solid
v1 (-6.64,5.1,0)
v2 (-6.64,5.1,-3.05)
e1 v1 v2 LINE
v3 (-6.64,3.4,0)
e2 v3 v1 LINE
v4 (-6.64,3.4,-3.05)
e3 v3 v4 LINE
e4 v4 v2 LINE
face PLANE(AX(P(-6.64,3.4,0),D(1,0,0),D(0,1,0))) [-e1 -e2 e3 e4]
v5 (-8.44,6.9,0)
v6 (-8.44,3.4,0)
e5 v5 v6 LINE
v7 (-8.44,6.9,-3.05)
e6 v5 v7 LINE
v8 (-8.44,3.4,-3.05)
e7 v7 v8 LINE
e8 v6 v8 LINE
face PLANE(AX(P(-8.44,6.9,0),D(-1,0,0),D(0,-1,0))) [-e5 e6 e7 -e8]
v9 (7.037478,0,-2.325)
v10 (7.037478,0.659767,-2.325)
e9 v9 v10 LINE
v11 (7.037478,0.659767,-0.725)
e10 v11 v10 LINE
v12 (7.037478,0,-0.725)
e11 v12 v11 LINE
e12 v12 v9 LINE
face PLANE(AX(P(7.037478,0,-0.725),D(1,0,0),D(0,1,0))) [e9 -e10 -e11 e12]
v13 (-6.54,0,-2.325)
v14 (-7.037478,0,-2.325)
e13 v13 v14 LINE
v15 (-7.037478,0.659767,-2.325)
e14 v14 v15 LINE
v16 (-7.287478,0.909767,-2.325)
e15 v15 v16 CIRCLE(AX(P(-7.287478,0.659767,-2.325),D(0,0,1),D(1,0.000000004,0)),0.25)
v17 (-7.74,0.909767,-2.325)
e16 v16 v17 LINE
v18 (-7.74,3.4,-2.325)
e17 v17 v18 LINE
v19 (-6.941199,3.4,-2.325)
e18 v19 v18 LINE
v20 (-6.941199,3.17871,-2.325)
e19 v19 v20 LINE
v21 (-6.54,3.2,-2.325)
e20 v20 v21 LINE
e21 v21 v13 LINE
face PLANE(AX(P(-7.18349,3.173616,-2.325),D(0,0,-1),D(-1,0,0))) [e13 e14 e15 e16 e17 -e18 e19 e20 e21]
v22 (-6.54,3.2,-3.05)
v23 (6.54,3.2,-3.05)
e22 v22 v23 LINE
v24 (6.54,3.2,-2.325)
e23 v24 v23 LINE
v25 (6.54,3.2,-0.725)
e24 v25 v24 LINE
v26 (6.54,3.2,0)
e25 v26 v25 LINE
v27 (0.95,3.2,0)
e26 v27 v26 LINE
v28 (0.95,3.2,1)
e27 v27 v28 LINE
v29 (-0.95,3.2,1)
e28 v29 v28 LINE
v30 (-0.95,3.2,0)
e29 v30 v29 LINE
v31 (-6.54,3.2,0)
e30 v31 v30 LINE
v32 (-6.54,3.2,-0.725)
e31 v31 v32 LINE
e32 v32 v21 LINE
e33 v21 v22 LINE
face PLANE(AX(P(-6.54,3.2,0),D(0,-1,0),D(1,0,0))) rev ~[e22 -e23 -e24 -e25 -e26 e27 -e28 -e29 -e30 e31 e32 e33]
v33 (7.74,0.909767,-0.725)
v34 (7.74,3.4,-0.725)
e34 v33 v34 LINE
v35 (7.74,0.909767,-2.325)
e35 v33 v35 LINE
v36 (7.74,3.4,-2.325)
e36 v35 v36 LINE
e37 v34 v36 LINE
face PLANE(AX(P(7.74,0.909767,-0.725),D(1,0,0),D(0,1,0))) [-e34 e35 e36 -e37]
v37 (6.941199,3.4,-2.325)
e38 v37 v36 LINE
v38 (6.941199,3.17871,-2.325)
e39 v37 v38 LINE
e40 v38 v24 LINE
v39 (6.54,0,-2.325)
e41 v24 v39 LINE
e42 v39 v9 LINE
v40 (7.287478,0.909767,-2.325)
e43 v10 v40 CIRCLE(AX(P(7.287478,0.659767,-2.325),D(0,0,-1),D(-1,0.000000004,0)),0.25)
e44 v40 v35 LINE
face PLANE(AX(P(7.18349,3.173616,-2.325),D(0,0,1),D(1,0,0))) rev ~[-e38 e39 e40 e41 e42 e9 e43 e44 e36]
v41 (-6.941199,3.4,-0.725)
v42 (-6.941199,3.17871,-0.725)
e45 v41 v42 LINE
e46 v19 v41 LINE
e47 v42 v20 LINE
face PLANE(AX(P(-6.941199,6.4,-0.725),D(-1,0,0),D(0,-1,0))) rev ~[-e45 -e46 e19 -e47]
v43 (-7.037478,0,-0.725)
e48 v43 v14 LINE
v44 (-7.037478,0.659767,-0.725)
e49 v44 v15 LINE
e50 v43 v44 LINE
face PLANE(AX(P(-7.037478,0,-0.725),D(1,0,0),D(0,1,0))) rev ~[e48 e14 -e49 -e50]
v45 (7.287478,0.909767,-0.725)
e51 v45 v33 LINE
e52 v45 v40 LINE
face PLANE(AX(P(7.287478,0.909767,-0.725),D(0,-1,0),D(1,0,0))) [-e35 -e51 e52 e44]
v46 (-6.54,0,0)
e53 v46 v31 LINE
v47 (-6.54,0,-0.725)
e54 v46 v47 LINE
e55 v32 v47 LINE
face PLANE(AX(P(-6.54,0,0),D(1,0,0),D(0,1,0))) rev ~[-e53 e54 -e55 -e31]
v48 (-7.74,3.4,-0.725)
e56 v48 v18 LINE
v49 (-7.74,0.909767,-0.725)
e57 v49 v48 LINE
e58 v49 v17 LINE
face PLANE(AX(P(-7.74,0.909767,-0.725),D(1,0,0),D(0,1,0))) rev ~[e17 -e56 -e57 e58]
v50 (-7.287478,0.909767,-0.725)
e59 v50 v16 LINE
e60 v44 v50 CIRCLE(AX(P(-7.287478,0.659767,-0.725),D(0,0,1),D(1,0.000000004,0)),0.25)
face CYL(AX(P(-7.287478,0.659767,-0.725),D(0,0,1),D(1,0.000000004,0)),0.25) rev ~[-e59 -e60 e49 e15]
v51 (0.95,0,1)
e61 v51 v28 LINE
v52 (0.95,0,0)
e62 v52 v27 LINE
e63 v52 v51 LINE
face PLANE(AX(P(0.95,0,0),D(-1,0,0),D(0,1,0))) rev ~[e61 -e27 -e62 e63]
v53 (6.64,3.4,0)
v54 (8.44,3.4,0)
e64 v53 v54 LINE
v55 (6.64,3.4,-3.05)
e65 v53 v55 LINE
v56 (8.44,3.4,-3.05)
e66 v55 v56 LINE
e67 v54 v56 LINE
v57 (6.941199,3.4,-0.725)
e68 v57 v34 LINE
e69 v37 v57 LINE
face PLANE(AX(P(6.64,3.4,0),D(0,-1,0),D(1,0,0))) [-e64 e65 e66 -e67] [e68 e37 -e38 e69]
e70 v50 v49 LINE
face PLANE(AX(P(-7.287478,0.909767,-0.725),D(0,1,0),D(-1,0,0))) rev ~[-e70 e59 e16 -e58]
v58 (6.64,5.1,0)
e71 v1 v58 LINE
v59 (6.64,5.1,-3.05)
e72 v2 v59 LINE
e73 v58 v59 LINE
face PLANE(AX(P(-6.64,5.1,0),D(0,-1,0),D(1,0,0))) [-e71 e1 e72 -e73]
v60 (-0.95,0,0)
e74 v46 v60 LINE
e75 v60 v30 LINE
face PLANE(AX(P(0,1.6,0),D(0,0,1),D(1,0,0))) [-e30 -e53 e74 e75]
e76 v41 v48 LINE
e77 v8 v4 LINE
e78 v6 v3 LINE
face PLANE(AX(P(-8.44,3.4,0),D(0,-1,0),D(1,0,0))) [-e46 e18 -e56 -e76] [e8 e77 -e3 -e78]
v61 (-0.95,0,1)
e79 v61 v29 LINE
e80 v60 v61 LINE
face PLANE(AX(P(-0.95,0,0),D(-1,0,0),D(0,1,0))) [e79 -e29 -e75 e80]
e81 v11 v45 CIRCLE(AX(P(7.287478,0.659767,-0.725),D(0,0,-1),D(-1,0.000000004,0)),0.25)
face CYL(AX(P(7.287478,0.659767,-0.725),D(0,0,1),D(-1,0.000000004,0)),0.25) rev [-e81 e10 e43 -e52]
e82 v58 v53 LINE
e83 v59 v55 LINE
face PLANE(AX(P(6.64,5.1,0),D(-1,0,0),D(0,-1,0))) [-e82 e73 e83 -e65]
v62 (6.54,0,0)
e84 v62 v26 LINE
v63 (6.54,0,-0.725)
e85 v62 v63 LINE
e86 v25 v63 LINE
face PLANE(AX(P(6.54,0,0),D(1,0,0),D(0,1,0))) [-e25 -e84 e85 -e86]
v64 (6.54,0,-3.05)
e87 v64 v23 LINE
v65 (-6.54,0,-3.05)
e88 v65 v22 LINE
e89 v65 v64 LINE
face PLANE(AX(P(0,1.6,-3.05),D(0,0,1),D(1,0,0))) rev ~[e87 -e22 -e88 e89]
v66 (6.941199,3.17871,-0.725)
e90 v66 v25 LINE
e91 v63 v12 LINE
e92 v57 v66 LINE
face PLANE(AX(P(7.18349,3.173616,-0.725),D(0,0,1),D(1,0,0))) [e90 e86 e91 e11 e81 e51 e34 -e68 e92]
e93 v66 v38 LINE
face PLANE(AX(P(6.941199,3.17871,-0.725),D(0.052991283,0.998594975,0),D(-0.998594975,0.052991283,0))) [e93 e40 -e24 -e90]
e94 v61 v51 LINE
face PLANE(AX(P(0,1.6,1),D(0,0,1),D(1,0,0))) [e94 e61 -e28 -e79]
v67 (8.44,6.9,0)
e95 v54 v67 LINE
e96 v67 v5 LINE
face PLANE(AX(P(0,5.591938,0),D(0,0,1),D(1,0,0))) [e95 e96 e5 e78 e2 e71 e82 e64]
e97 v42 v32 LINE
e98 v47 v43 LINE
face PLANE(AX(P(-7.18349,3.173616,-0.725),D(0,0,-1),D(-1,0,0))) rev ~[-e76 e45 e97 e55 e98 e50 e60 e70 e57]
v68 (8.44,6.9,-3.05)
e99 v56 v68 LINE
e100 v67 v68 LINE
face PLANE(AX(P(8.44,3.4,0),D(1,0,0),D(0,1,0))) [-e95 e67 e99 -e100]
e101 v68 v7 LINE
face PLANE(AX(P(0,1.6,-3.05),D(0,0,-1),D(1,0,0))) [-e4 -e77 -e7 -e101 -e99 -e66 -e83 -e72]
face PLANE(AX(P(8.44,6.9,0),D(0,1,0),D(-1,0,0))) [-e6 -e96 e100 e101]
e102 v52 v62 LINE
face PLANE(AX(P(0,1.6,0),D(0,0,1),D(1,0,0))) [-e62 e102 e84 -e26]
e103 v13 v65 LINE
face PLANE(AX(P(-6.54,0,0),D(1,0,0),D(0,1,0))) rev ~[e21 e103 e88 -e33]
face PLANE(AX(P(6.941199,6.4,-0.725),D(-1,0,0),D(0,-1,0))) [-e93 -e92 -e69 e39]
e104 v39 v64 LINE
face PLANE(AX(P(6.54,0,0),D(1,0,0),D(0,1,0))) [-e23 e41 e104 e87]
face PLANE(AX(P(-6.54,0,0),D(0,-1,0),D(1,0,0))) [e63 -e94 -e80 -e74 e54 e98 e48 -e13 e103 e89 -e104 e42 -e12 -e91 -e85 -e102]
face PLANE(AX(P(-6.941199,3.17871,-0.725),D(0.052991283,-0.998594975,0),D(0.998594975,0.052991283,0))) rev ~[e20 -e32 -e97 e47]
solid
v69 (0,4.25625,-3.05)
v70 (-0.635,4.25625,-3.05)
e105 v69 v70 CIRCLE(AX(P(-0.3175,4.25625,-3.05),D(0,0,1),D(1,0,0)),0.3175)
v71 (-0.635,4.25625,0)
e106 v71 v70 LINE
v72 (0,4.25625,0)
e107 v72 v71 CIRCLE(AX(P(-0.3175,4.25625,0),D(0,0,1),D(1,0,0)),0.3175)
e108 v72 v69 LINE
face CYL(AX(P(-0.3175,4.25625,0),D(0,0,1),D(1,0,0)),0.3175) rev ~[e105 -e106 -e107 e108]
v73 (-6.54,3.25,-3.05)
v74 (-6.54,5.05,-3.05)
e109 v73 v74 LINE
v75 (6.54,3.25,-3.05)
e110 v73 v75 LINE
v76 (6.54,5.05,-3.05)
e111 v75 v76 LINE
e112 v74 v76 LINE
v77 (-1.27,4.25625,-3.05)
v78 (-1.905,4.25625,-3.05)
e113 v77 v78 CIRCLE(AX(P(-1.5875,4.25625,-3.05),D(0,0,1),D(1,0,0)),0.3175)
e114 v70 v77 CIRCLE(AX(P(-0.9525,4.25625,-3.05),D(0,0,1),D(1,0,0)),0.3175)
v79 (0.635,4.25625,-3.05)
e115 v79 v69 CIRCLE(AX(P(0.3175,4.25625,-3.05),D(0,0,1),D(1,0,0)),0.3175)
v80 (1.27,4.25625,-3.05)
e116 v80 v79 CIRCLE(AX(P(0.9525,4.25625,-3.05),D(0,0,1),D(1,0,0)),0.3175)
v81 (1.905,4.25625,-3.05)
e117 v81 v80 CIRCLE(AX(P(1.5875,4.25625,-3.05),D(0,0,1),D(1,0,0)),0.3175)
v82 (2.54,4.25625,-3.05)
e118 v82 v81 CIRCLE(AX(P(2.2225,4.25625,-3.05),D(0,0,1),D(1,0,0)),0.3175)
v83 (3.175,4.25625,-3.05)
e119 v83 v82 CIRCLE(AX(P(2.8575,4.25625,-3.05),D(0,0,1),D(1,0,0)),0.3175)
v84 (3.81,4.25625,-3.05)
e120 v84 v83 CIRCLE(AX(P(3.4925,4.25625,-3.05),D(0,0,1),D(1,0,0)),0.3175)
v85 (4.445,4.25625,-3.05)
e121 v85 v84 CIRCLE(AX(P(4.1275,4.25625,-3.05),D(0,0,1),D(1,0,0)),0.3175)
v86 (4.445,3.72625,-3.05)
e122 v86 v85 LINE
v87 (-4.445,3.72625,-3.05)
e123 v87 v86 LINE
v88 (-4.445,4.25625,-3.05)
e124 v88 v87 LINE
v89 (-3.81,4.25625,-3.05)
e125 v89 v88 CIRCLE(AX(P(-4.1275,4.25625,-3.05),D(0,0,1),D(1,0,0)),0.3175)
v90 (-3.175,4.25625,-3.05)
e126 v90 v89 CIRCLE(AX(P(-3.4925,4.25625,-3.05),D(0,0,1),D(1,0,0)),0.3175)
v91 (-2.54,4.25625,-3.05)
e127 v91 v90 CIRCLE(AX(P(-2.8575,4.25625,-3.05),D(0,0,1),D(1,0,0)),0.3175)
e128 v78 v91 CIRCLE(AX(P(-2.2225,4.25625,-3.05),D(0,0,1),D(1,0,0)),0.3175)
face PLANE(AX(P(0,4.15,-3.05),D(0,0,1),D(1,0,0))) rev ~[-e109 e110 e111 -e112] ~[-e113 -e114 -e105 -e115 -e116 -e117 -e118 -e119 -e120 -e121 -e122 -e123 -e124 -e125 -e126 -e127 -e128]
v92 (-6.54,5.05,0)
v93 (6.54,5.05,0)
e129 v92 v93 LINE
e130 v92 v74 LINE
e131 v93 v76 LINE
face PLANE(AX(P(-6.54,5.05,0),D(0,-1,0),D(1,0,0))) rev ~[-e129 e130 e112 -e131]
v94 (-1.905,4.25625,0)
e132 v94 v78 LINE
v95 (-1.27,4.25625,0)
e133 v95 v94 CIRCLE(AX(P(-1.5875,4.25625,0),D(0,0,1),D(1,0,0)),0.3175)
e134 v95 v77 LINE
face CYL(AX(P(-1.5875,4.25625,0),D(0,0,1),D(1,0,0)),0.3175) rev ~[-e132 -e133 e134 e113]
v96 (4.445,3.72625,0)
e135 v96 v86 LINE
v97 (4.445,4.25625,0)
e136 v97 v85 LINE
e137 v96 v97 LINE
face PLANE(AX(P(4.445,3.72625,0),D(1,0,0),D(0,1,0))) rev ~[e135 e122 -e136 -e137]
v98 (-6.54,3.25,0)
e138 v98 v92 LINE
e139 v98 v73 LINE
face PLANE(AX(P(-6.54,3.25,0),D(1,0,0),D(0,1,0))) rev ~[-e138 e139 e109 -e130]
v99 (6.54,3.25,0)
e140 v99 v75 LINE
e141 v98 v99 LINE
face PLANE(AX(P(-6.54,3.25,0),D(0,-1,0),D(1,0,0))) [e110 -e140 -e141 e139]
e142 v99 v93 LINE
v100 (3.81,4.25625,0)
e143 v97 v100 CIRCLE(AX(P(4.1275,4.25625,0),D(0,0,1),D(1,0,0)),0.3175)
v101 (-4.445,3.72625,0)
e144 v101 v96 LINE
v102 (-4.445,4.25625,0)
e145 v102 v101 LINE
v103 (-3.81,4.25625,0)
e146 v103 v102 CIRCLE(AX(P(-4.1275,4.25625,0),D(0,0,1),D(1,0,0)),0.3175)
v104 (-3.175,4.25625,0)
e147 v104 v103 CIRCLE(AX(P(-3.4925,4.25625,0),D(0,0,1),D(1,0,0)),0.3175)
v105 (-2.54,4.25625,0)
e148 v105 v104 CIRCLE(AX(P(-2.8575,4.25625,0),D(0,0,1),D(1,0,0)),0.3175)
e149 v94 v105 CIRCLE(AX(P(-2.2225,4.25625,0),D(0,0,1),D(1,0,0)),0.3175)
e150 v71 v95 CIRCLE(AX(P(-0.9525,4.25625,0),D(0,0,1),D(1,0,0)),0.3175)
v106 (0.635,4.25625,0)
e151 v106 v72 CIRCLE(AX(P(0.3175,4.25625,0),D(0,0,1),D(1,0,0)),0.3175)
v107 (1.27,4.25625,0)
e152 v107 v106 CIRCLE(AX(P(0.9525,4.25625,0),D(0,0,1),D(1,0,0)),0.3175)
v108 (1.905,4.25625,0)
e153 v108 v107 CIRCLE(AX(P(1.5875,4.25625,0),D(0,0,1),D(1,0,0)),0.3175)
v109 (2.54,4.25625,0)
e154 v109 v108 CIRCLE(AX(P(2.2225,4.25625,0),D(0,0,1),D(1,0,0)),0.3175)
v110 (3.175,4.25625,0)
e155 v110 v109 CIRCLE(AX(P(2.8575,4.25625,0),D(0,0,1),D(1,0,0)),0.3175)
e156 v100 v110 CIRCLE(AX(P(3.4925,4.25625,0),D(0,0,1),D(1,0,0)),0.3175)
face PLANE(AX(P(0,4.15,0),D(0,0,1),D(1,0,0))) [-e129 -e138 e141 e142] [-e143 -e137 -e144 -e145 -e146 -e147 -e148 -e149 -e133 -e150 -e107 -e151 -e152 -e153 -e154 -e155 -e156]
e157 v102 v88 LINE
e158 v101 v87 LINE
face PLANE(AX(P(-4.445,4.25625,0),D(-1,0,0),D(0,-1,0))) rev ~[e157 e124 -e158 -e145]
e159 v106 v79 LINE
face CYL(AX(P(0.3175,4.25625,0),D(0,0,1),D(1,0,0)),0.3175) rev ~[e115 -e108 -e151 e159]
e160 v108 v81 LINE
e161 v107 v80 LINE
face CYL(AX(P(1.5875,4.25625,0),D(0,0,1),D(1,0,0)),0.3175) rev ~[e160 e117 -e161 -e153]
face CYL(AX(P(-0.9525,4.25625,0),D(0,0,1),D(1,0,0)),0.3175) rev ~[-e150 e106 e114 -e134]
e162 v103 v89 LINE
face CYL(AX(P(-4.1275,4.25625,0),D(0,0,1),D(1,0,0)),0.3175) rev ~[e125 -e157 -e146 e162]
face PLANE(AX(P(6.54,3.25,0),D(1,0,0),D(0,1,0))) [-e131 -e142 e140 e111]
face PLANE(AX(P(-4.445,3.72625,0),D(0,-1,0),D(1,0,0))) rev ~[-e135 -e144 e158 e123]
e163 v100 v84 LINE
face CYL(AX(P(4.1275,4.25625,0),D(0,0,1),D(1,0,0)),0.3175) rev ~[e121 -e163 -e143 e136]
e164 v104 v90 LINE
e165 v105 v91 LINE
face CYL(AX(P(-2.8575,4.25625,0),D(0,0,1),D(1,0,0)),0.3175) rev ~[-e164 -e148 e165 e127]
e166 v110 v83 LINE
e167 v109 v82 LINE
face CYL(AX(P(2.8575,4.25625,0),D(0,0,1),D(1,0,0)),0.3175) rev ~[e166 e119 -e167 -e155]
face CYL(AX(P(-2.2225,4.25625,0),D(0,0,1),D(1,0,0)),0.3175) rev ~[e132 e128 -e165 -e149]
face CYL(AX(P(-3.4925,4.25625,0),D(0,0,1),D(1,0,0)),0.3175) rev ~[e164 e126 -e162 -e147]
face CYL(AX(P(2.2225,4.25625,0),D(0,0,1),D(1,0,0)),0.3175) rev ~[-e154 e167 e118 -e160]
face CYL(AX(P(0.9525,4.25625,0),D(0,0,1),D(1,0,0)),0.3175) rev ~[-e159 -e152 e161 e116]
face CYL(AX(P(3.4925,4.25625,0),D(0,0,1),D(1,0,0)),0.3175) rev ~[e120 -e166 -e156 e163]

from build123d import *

# Parameters (mm, degrees)
SKETCH1_W            = 13.08
SKETCH1_H            = 3.2
BOSS_EXTRUDE1_DEPTH  = 3.05
BOSS_EXTRUDE2_START  = -0.725
BOSS_EXTRUDE2_DEPTH  = 1.6
SKETCH4_W            = 1.9
SKETCH4_H            = 3.2
POLARIZING_KEY_DEPTH = 1
SKETCH5_W            = 13.08
SKETCH5_H            = 1.8
CABLE_CLIP_DEPTH     = 3.05
BOSS_EXTRUDE5_REACH  = 12.496


with BuildPart() as part:
    # Sketch1 → Boss-Extrude1 (new body)
    with BuildSketch(Plane.XY):
        with Locations((0, 1.6)):
            Rectangle(SKETCH1_W, SKETCH1_H)
    extrude(amount=-BOSS_EXTRUDE1_DEPTH)

    # Sketch2 → Boss-Extrude2 (add)
    with BuildSketch(Plane.XY.offset(BOSS_EXTRUDE2_START)):
        with BuildLine():
            Line((6.54, 0), (7.037478352, 0))
            Line((7.037478352, 0), (7.037478352, 0.659767292))
            ThreePointArc((7.037478352, 0.659767292), (7.110701657, 0.836543987), (7.287478352, 0.909767292))
            Line((7.287478352, 0.909767292), (7.74, 0.909767292))
            Line((7.74, 0.909767292), (7.74, 6.4))
            Line((7.74, 6.4), (6.941198514, 6.4))
            Line((6.941198514, 6.4), (6.941198514, 3.178710063))
            Line((6.941198514, 3.178710063), (6.54, 3.2))
            Line((6.54, 3.2), (6.54, 0))
        make_face()
        with BuildLine():
            Line((-6.54, 3.2), (-6.54, 0))
            Line((-6.54, 0), (-7.037478352, 0))
            Line((-7.037478352, 0), (-7.037478352, 0.659767292))
            ThreePointArc((-7.037478352, 0.659767292), (-7.110701657, 0.836543987), (-7.287478352, 0.909767292))
            Line((-7.287478352, 0.909767292), (-7.74, 0.909767292))
            Line((-7.74, 0.909767292), (-7.74, 6.4))
            Line((-7.74, 6.4), (-6.941198514, 6.4))
            Line((-6.941198514, 6.4), (-6.941198514, 3.178710063))
            Line((-6.941198514, 3.178710063), (-6.54, 3.2))
        make_face()
    extrude(amount=-BOSS_EXTRUDE2_DEPTH)

    # Sketch4 → Polarizing key (add)
    with BuildSketch(Plane.XY):
        with Locations((0, 1.6)):
            Rectangle(SKETCH4_W, SKETCH4_H)
    extrude(amount=POLARIZING_KEY_DEPTH)

    # Boss-Extrude5: up to this face of the body (flat: up to its plane)
    boss_extrude5_end = Plane(part.part.faces().sort_by_distance((0, 1.6, -3.05))[0])
    # Sketch6 → Boss-Extrude5 (add, up to the picked face)
    with BuildSketch(Plane.XY, mode=Mode.PRIVATE) as boss_extrude5_sk1:
        Polygon((-8.44, 3.4), (-6.64, 3.4), (-6.64, 5.1), (6.64, 5.1), (6.64, 3.4), (8.44, 3.4), (8.44, 6.9), (-8.44, 6.9), align=None)
    boss_extrude5_tool1 = split(extrude(boss_extrude5_sk1.sketch, amount=-BOSS_EXTRUDE5_REACH, mode=Mode.PRIVATE), bisect_by=boss_extrude5_end, keep=Keep.BOTH, mode=Mode.PRIVATE)
    add(boss_extrude5_tool1.solids().sort_by(Axis((0, 5.706607, 0), (0, 0, -1)))[0])


with BuildPart() as body_2:
    # Sketch5 → Cable clip (new body)
    with BuildSketch(Plane.XY):
        with Locations((0, 4.15)):
            Rectangle(SKETCH5_W, SKETCH5_H)
        with BuildLine():
            Line((-4.445, 3.72625), (4.445, 3.72625))
            Line((4.445, 3.72625), (4.445, 4.25625))
            ThreePointArc((4.445, 4.25625), (4.1275, 4.57375), (3.81, 4.25625))
            ThreePointArc((3.81, 4.25625), (3.4925, 4.57375), (3.175, 4.25625))
            ThreePointArc((3.175, 4.25625), (2.8575, 4.57375), (2.54, 4.25625))
            ThreePointArc((2.54, 4.25625), (2.2225, 4.57375), (1.905, 4.25625))
            ThreePointArc((1.905, 4.25625), (1.5875, 4.57375), (1.27, 4.25625))
            ThreePointArc((1.27, 4.25625), (0.9525, 4.57375), (0.635, 4.25625))
            ThreePointArc((0.635, 4.25625), (0.3175, 4.57375), (0, 4.25625))
            ThreePointArc((0, 4.25625), (-0.3175, 4.57375), (-0.635, 4.25625))
            ThreePointArc((-0.635, 4.25625), (-0.9525, 4.57375), (-1.27, 4.25625))
            ThreePointArc((-1.27, 4.25625), (-1.5875, 4.57375), (-1.905, 4.25625))
            ThreePointArc((-1.905, 4.25625), (-2.2225, 4.57375), (-2.54, 4.25625))
            ThreePointArc((-2.54, 4.25625), (-2.8575, 4.57375), (-3.175, 4.25625))
            ThreePointArc((-3.175, 4.25625), (-3.4925, 4.57375), (-3.81, 4.25625))
            ThreePointArc((-3.81, 4.25625), (-4.1275, 4.57375), (-4.445, 4.25625))
            Line((-4.445, 4.25625), (-4.445, 3.72625))
        make_face(mode=Mode.SUBTRACT)
    extrude(amount=-CABLE_CLIP_DEPTH)


solid = Compound([part.part, body_2.part])
